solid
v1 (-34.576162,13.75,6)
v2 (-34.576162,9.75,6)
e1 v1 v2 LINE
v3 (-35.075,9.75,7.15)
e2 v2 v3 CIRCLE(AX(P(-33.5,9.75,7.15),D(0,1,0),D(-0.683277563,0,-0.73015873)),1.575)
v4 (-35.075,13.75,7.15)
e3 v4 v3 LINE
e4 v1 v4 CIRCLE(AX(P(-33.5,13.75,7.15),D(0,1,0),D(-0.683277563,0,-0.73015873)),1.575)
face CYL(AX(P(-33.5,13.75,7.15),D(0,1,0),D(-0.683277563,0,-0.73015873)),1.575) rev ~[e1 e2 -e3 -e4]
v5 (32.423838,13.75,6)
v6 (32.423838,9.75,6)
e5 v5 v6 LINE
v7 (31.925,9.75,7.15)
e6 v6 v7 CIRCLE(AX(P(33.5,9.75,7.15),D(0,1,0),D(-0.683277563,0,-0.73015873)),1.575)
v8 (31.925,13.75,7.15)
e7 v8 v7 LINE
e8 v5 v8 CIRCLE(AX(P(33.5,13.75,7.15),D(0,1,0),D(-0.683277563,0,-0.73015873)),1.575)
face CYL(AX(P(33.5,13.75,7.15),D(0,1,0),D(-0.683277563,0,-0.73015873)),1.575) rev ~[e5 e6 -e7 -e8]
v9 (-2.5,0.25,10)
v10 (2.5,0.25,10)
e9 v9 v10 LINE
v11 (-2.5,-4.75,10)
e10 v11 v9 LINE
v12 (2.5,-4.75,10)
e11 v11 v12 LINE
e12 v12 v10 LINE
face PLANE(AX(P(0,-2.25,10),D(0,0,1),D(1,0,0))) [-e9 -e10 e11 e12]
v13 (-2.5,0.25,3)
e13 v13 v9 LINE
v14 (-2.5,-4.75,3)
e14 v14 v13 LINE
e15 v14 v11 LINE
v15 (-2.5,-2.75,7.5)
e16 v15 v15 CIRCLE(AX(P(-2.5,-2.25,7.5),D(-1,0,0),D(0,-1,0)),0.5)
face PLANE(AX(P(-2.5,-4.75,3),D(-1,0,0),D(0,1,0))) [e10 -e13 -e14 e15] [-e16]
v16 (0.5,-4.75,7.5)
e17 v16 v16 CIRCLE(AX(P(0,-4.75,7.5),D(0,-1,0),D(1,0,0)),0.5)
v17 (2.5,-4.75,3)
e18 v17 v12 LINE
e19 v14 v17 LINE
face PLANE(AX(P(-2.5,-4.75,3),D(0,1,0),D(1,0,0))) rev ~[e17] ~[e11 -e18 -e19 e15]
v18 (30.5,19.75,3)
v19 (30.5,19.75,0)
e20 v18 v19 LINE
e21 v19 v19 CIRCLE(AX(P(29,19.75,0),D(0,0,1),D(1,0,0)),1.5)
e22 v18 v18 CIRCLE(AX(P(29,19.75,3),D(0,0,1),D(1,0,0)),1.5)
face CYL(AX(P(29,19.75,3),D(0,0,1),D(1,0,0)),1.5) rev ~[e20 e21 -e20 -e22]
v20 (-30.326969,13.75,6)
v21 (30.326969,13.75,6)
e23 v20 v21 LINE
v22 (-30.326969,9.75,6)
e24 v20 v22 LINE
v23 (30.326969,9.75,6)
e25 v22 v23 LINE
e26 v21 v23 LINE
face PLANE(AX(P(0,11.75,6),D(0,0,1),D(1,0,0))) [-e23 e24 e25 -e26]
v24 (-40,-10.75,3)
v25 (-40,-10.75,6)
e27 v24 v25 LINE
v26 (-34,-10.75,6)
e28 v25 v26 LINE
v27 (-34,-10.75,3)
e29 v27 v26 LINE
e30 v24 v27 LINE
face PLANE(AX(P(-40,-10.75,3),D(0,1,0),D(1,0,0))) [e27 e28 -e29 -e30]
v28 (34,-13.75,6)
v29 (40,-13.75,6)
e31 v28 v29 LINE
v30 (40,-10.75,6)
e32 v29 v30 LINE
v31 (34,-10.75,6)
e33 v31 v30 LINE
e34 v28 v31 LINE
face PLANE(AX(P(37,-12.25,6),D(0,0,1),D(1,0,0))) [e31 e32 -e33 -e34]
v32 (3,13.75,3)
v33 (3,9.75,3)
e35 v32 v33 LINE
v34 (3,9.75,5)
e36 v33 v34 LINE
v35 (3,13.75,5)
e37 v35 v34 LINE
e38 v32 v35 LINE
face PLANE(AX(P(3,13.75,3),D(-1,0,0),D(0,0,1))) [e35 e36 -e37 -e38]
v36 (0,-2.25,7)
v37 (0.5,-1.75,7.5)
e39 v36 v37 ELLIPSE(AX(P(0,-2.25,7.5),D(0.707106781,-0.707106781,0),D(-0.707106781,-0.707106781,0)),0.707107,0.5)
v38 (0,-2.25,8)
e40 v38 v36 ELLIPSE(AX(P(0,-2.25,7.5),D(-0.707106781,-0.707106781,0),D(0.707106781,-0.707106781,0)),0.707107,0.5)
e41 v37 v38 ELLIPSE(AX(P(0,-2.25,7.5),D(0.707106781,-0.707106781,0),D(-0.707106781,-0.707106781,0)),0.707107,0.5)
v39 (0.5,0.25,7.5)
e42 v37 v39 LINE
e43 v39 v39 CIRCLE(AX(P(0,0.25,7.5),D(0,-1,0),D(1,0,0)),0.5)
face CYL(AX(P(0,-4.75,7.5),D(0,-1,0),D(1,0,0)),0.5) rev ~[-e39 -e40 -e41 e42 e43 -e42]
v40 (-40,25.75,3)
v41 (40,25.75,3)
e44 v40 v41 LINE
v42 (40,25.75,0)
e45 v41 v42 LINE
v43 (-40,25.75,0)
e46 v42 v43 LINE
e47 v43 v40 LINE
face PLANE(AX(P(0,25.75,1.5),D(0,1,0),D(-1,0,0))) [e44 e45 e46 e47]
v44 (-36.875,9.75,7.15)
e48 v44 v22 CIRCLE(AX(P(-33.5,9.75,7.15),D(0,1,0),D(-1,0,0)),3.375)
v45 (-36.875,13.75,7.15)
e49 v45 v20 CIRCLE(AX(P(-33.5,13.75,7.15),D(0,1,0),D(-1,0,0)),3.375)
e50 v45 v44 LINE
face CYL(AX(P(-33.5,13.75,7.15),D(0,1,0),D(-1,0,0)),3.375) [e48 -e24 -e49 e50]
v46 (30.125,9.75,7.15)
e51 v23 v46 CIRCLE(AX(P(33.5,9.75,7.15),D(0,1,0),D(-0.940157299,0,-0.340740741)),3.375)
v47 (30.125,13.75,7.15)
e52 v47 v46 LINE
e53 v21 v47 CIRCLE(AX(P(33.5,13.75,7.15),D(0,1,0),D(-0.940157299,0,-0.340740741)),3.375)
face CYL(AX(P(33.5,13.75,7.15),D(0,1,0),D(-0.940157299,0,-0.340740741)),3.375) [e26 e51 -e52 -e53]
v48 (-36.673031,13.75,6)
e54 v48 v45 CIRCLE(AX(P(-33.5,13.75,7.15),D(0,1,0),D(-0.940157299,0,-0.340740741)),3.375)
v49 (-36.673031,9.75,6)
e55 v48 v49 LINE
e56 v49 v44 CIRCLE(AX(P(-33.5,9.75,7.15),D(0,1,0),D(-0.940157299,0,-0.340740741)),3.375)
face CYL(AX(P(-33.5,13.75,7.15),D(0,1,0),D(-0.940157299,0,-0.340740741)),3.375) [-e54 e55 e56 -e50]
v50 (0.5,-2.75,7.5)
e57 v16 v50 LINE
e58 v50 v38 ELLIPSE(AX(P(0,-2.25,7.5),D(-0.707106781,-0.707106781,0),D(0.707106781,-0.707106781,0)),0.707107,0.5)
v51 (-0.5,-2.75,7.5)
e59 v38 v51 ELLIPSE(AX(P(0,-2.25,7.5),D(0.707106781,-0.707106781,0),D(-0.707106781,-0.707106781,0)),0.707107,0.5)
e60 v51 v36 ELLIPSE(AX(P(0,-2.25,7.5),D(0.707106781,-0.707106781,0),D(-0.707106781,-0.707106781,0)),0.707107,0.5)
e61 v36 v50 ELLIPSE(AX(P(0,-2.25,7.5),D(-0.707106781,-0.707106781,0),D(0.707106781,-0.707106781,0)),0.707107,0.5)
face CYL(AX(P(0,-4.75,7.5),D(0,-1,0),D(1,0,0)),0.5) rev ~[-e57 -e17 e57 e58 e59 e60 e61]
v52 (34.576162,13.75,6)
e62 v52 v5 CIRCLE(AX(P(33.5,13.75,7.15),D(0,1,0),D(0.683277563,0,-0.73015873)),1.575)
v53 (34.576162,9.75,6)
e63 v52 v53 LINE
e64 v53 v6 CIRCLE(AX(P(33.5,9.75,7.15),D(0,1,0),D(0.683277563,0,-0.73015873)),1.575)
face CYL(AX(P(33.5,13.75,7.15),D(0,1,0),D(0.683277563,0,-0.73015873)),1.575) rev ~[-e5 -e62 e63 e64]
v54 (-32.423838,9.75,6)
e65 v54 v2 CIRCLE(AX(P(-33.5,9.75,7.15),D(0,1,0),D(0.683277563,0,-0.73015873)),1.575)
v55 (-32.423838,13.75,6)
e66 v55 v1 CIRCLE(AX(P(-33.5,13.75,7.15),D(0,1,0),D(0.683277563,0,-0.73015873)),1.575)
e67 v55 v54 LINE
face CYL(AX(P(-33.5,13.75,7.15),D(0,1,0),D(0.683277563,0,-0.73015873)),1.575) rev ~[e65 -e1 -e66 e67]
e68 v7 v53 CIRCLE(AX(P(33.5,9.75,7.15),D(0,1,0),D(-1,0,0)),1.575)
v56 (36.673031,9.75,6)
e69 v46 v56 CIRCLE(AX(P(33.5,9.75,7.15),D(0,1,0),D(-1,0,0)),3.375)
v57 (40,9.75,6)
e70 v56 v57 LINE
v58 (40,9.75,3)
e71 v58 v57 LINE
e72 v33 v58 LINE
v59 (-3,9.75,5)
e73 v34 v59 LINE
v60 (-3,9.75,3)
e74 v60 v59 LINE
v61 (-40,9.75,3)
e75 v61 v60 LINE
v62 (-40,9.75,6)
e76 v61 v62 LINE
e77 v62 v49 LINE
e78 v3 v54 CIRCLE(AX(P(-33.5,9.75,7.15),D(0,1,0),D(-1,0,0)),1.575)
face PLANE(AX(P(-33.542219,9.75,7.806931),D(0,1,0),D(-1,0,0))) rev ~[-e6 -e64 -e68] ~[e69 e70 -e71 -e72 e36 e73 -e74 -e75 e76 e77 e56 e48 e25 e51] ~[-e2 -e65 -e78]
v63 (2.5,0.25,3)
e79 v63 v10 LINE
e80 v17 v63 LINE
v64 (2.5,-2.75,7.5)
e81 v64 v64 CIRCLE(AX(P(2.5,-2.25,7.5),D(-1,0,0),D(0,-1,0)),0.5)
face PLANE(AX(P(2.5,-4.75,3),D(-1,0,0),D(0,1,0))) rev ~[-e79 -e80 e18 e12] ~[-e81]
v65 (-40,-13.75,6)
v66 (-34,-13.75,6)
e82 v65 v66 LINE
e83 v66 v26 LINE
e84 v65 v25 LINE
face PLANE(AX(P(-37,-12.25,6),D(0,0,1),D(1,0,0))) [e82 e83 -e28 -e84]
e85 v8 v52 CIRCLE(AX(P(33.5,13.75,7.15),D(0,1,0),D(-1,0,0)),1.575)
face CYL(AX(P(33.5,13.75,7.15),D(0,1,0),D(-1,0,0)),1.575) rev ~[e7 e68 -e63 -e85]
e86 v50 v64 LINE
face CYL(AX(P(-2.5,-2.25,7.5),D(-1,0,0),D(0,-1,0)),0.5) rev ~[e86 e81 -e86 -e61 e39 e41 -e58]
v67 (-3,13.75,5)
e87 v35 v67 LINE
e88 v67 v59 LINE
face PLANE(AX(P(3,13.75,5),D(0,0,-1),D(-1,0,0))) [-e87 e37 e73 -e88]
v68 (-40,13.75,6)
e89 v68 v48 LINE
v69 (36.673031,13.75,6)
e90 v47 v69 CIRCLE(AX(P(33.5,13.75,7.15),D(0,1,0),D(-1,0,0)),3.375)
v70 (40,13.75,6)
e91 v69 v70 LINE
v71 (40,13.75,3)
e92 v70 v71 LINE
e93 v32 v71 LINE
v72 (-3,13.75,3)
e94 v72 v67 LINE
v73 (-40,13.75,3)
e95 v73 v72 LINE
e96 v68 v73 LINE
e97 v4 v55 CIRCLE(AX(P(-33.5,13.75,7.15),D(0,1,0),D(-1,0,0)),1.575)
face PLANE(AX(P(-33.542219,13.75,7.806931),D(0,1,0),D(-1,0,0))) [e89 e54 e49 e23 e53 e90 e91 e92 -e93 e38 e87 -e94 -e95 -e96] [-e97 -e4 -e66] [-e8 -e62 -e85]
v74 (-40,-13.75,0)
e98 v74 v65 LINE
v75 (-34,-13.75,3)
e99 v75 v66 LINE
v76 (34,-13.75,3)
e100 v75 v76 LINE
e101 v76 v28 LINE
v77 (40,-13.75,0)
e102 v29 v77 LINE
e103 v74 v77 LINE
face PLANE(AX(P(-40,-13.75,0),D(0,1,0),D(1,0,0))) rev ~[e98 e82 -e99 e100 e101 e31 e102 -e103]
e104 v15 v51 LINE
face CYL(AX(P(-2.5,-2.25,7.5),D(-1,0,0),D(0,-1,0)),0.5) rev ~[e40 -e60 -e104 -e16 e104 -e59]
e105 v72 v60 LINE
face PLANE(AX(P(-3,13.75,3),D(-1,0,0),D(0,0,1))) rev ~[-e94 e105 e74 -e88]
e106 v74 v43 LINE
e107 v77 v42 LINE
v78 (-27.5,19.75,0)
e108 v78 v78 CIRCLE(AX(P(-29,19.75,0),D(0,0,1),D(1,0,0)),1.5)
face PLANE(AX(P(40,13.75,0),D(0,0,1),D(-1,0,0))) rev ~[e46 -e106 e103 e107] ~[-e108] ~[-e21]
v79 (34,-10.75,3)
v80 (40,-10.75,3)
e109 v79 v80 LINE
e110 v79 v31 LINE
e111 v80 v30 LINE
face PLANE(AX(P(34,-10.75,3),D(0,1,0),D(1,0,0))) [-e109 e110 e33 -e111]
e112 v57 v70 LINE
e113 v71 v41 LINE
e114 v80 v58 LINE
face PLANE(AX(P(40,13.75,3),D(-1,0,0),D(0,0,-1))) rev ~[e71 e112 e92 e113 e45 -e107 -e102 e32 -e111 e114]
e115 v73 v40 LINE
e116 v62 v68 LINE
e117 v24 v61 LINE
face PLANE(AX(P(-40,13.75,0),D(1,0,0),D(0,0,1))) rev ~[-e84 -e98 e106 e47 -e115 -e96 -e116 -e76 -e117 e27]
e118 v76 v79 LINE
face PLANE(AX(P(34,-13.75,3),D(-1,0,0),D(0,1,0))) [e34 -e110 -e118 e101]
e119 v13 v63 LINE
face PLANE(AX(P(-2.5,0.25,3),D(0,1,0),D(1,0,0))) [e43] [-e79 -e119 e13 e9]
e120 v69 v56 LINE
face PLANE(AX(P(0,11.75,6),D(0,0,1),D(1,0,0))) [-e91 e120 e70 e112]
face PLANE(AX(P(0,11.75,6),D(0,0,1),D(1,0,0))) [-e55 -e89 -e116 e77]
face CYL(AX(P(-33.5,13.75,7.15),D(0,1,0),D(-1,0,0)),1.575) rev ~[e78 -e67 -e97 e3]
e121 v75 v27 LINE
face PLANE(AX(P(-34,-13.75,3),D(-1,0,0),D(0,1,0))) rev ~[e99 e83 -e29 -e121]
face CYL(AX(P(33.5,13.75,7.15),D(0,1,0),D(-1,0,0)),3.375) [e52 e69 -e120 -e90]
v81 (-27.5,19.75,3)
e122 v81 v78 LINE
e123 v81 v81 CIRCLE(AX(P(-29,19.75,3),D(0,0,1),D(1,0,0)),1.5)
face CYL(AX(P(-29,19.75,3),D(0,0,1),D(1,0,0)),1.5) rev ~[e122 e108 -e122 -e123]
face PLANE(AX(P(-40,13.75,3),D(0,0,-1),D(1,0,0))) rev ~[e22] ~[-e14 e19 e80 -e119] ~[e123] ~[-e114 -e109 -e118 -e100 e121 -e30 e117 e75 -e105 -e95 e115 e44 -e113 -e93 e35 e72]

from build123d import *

# Parameters (mm, degrees)
F0_W      = 80
F0_H      = 27.5
F1_DEPTH  = 3
F2_W      = 80
F2_H      = 4
F2_W_2    = 6
F2_H_2    = 3
F3_DEPTH  = 3
F2_W_3    = 5
F2_H_3    = 5
F4_DEPTH  = 7
F5_R      = 0.5
F6_DEPTH  = 5
F7_W      = 6
F7_H      = 2
F8_DEPTH  = 4
F10_DEPTH = 4
F11_DEPTH = 4
F12_DEPTH = 4
F13_DEPTH = 4
F15_DEPTH = 12
F16_R     = 1.5
F17_DEPTH = 3
F18_R     = 0.5
F19_DEPTH = 42.501


with BuildPart() as f1:
    # F0 (on Top) → F1 (new body)
    with BuildSketch(Plane.XY):
        Rectangle(F0_W, F0_H)
    extrude(amount=F1_DEPTH)

    # F2 (on face) → F3 (join)
    with BuildSketch(Plane.XY.offset(3)):
        with Locations((0, 11.75)):
            Rectangle(F2_W, F2_H)
        with Locations((-37, -12.25)):
            Rectangle(F2_W_2, F2_H_2)
        with Locations((37, -12.25)):
            Rectangle(F2_W_2, F2_H_2)
    extrude(amount=F3_DEPTH)

    # F2 (on face) → F4 (join)
    with BuildSketch(Plane.XY.offset(3)):
        with Locations((0, -2.25)):
            Rectangle(F2_W_3, F2_H_3)
    extrude(amount=F4_DEPTH)

    # F5 (on face) → F6 (cut)
    with BuildSketch(Plane.XZ.offset(4.75)):
        with Locations((0, 7.5)):
            Circle(F5_R)
    extrude(amount=-F6_DEPTH, mode=Mode.SUBTRACT)

    # F7 (on face) → F8 (cut, through all)
    with BuildSketch(Plane(origin=(0, 13.75, 0), x_dir=(-1, 0, 0), z_dir=(0, 1, 0))):
        with Locations((0, 4)):
            Rectangle(F7_W, F7_H)
    extrude(amount=-F8_DEPTH, mode=Mode.SUBTRACT)

    # F9 (on face) → F10 (join)
    with BuildSketch(Plane(origin=(0, 13.75, 0), x_dir=(-1, 0, 0), z_dir=(0, 1, 0))):
        with BuildLine():
            ThreePointArc((-30.3269691146, 6), (-30.1758757365, 6.5661996225), (-30.125, 7.15))
            ThreePointArc((-30.125, 7.15), (-34.0838003775, 10.4741242635), (-36.6730308854, 6))
            Line((-36.6730308854, 6), (-34.5761621625, 6))
            ThreePointArc((-34.5761621625, 6), (-34.1267653445, 8.5949187531), (-31.925, 7.15))
            ThreePointArc((-31.925, 7.15), (-32.0550812469, 6.5232346555), (-32.4238378375, 6))
            Line((-32.4238378375, 6), (-30.3269691146, 6))
        make_face()
        with BuildLine():
            Line((-34.5761621625, 6), (-36.6730308854, 6))
            ThreePointArc((-36.6730308854, 6), (-33.5, 3.775), (-30.3269691146, 6))
            Line((-30.3269691146, 6), (-32.4238378375, 6))
            ThreePointArc((-32.4238378375, 6), (-33.5, 5.575), (-34.5761621625, 6))
        make_face()
        with BuildLine():
            Line((-32.4238378375, 6), (-34.5761621625, 6))
            ThreePointArc((-34.5761621625, 6), (-33.5, 5.575), (-32.4238378375, 6))
        make_face()
        with BuildLine():
            ThreePointArc((-31.925, 7.15), (-34.1267653445, 8.5949187531), (-34.5761621625, 6))
            Line((-34.5761621625, 6), (-32.4238378375, 6))
            ThreePointArc((-32.4238378375, 6), (-32.0550812469, 6.5232346555), (-31.925, 7.15))
        make_face()
    extrude(amount=-F10_DEPTH)

    # F9 (on face) → F11 (cut, through all)
    with BuildSketch(Plane(origin=(0, 13.75, 0), x_dir=(-1, 0, 0), z_dir=(0, 1, 0))):
        with BuildLine():
            Line((-32.4238378375, 6), (-34.5761621625, 6))
            ThreePointArc((-34.5761621625, 6), (-33.5, 5.575), (-32.4238378375, 6))
        make_face()
        with BuildLine():
            ThreePointArc((-31.925, 7.15), (-34.1267653445, 8.5949187531), (-34.5761621625, 6))
            Line((-34.5761621625, 6), (-32.4238378375, 6))
            ThreePointArc((-32.4238378375, 6), (-32.0550812469, 6.5232346555), (-31.925, 7.15))
        make_face()
    extrude(amount=-F11_DEPTH, mode=Mode.SUBTRACT)

    # F9 (on face) → F12 (join)
    with BuildSketch(Plane(origin=(0, 13.75, 0), x_dir=(-1, 0, 0), z_dir=(0, 1, 0))):
        with BuildLine():
            ThreePointArc((36.875, 7.15), (32.9161996225, 10.4741242635), (30.3269691146, 6))
            Line((30.3269691146, 6), (32.4238378375, 6))
            ThreePointArc((32.4238378375, 6), (32.8732346555, 8.5949187531), (35.075, 7.15))
            ThreePointArc((35.075, 7.15), (34.9449187531, 6.5232346555), (34.5761621625, 6))
            Line((34.5761621625, 6), (36.6730308854, 6))
            ThreePointArc((36.6730308854, 6), (36.8241242635, 6.5661996225), (36.875, 7.15))
        make_face()
        with BuildLine():
            ThreePointArc((35.075, 7.15), (32.8732346555, 8.5949187531), (32.4238378375, 6))
            Line((32.4238378375, 6), (34.5761621625, 6))
            ThreePointArc((34.5761621625, 6), (34.9449187531, 6.5232346555), (35.075, 7.15))
        make_face()
        with BuildLine():
            Line((34.5761621625, 6), (32.4238378375, 6))
            ThreePointArc((32.4238378375, 6), (33.5, 5.575), (34.5761621625, 6))
        make_face()
        with BuildLine():
            Line((32.4238378375, 6), (30.3269691146, 6))
            ThreePointArc((30.3269691146, 6), (33.5, 3.775), (36.6730308854, 6))
            Line((36.6730308854, 6), (34.5761621625, 6))
            ThreePointArc((34.5761621625, 6), (33.5, 5.575), (32.4238378375, 6))
        make_face()
    extrude(amount=-F12_DEPTH)

    # F9 (on face) → F13 (cut, through all)
    with BuildSketch(Plane(origin=(0, 13.75, 0), x_dir=(-1, 0, 0), z_dir=(0, 1, 0))):
        with BuildLine():
            ThreePointArc((35.075, 7.15), (32.8732346555, 8.5949187531), (32.4238378375, 6))
            Line((32.4238378375, 6), (34.5761621625, 6))
            ThreePointArc((34.5761621625, 6), (34.9449187531, 6.5232346555), (35.075, 7.15))
        make_face()
        with BuildLine():
            Line((34.5761621625, 6), (32.4238378375, 6))
            ThreePointArc((32.4238378375, 6), (33.5, 5.575), (34.5761621625, 6))
        make_face()
    extrude(amount=-F13_DEPTH, mode=Mode.SUBTRACT)

    # F14 (on face) → F15 (join)
    with BuildSketch(Plane(origin=(0, 13.75, 0), x_dir=(-1, 0, 0), z_dir=(0, 1, 0))):
        Polygon((-40, 3), (-40, 0), (40, 0), (40, 3), (3, 3), (-3, 3), align=None)
    extrude(amount=F15_DEPTH)

    # F16 (on face) → F17 (cut, through all)
    with BuildSketch(Plane.XY.offset(3)):
        with Locations((29, 19.75)):
            Circle(F16_R)
        with Locations((-29, 19.75)):
            Circle(F16_R)
    extrude(amount=-F17_DEPTH, mode=Mode.SUBTRACT)

    # F18 (on face) → F19 (cut, through all)
    with BuildSketch(Plane(origin=(-2.5, 0, 0), x_dir=(0, -1, 0), z_dir=(-1, 0, 0))):
        with Locations((2.25, 7.5)):
            Circle(F18_R)
    extrude(amount=-F19_DEPTH, mode=Mode.SUBTRACT)


solid = f1.part
